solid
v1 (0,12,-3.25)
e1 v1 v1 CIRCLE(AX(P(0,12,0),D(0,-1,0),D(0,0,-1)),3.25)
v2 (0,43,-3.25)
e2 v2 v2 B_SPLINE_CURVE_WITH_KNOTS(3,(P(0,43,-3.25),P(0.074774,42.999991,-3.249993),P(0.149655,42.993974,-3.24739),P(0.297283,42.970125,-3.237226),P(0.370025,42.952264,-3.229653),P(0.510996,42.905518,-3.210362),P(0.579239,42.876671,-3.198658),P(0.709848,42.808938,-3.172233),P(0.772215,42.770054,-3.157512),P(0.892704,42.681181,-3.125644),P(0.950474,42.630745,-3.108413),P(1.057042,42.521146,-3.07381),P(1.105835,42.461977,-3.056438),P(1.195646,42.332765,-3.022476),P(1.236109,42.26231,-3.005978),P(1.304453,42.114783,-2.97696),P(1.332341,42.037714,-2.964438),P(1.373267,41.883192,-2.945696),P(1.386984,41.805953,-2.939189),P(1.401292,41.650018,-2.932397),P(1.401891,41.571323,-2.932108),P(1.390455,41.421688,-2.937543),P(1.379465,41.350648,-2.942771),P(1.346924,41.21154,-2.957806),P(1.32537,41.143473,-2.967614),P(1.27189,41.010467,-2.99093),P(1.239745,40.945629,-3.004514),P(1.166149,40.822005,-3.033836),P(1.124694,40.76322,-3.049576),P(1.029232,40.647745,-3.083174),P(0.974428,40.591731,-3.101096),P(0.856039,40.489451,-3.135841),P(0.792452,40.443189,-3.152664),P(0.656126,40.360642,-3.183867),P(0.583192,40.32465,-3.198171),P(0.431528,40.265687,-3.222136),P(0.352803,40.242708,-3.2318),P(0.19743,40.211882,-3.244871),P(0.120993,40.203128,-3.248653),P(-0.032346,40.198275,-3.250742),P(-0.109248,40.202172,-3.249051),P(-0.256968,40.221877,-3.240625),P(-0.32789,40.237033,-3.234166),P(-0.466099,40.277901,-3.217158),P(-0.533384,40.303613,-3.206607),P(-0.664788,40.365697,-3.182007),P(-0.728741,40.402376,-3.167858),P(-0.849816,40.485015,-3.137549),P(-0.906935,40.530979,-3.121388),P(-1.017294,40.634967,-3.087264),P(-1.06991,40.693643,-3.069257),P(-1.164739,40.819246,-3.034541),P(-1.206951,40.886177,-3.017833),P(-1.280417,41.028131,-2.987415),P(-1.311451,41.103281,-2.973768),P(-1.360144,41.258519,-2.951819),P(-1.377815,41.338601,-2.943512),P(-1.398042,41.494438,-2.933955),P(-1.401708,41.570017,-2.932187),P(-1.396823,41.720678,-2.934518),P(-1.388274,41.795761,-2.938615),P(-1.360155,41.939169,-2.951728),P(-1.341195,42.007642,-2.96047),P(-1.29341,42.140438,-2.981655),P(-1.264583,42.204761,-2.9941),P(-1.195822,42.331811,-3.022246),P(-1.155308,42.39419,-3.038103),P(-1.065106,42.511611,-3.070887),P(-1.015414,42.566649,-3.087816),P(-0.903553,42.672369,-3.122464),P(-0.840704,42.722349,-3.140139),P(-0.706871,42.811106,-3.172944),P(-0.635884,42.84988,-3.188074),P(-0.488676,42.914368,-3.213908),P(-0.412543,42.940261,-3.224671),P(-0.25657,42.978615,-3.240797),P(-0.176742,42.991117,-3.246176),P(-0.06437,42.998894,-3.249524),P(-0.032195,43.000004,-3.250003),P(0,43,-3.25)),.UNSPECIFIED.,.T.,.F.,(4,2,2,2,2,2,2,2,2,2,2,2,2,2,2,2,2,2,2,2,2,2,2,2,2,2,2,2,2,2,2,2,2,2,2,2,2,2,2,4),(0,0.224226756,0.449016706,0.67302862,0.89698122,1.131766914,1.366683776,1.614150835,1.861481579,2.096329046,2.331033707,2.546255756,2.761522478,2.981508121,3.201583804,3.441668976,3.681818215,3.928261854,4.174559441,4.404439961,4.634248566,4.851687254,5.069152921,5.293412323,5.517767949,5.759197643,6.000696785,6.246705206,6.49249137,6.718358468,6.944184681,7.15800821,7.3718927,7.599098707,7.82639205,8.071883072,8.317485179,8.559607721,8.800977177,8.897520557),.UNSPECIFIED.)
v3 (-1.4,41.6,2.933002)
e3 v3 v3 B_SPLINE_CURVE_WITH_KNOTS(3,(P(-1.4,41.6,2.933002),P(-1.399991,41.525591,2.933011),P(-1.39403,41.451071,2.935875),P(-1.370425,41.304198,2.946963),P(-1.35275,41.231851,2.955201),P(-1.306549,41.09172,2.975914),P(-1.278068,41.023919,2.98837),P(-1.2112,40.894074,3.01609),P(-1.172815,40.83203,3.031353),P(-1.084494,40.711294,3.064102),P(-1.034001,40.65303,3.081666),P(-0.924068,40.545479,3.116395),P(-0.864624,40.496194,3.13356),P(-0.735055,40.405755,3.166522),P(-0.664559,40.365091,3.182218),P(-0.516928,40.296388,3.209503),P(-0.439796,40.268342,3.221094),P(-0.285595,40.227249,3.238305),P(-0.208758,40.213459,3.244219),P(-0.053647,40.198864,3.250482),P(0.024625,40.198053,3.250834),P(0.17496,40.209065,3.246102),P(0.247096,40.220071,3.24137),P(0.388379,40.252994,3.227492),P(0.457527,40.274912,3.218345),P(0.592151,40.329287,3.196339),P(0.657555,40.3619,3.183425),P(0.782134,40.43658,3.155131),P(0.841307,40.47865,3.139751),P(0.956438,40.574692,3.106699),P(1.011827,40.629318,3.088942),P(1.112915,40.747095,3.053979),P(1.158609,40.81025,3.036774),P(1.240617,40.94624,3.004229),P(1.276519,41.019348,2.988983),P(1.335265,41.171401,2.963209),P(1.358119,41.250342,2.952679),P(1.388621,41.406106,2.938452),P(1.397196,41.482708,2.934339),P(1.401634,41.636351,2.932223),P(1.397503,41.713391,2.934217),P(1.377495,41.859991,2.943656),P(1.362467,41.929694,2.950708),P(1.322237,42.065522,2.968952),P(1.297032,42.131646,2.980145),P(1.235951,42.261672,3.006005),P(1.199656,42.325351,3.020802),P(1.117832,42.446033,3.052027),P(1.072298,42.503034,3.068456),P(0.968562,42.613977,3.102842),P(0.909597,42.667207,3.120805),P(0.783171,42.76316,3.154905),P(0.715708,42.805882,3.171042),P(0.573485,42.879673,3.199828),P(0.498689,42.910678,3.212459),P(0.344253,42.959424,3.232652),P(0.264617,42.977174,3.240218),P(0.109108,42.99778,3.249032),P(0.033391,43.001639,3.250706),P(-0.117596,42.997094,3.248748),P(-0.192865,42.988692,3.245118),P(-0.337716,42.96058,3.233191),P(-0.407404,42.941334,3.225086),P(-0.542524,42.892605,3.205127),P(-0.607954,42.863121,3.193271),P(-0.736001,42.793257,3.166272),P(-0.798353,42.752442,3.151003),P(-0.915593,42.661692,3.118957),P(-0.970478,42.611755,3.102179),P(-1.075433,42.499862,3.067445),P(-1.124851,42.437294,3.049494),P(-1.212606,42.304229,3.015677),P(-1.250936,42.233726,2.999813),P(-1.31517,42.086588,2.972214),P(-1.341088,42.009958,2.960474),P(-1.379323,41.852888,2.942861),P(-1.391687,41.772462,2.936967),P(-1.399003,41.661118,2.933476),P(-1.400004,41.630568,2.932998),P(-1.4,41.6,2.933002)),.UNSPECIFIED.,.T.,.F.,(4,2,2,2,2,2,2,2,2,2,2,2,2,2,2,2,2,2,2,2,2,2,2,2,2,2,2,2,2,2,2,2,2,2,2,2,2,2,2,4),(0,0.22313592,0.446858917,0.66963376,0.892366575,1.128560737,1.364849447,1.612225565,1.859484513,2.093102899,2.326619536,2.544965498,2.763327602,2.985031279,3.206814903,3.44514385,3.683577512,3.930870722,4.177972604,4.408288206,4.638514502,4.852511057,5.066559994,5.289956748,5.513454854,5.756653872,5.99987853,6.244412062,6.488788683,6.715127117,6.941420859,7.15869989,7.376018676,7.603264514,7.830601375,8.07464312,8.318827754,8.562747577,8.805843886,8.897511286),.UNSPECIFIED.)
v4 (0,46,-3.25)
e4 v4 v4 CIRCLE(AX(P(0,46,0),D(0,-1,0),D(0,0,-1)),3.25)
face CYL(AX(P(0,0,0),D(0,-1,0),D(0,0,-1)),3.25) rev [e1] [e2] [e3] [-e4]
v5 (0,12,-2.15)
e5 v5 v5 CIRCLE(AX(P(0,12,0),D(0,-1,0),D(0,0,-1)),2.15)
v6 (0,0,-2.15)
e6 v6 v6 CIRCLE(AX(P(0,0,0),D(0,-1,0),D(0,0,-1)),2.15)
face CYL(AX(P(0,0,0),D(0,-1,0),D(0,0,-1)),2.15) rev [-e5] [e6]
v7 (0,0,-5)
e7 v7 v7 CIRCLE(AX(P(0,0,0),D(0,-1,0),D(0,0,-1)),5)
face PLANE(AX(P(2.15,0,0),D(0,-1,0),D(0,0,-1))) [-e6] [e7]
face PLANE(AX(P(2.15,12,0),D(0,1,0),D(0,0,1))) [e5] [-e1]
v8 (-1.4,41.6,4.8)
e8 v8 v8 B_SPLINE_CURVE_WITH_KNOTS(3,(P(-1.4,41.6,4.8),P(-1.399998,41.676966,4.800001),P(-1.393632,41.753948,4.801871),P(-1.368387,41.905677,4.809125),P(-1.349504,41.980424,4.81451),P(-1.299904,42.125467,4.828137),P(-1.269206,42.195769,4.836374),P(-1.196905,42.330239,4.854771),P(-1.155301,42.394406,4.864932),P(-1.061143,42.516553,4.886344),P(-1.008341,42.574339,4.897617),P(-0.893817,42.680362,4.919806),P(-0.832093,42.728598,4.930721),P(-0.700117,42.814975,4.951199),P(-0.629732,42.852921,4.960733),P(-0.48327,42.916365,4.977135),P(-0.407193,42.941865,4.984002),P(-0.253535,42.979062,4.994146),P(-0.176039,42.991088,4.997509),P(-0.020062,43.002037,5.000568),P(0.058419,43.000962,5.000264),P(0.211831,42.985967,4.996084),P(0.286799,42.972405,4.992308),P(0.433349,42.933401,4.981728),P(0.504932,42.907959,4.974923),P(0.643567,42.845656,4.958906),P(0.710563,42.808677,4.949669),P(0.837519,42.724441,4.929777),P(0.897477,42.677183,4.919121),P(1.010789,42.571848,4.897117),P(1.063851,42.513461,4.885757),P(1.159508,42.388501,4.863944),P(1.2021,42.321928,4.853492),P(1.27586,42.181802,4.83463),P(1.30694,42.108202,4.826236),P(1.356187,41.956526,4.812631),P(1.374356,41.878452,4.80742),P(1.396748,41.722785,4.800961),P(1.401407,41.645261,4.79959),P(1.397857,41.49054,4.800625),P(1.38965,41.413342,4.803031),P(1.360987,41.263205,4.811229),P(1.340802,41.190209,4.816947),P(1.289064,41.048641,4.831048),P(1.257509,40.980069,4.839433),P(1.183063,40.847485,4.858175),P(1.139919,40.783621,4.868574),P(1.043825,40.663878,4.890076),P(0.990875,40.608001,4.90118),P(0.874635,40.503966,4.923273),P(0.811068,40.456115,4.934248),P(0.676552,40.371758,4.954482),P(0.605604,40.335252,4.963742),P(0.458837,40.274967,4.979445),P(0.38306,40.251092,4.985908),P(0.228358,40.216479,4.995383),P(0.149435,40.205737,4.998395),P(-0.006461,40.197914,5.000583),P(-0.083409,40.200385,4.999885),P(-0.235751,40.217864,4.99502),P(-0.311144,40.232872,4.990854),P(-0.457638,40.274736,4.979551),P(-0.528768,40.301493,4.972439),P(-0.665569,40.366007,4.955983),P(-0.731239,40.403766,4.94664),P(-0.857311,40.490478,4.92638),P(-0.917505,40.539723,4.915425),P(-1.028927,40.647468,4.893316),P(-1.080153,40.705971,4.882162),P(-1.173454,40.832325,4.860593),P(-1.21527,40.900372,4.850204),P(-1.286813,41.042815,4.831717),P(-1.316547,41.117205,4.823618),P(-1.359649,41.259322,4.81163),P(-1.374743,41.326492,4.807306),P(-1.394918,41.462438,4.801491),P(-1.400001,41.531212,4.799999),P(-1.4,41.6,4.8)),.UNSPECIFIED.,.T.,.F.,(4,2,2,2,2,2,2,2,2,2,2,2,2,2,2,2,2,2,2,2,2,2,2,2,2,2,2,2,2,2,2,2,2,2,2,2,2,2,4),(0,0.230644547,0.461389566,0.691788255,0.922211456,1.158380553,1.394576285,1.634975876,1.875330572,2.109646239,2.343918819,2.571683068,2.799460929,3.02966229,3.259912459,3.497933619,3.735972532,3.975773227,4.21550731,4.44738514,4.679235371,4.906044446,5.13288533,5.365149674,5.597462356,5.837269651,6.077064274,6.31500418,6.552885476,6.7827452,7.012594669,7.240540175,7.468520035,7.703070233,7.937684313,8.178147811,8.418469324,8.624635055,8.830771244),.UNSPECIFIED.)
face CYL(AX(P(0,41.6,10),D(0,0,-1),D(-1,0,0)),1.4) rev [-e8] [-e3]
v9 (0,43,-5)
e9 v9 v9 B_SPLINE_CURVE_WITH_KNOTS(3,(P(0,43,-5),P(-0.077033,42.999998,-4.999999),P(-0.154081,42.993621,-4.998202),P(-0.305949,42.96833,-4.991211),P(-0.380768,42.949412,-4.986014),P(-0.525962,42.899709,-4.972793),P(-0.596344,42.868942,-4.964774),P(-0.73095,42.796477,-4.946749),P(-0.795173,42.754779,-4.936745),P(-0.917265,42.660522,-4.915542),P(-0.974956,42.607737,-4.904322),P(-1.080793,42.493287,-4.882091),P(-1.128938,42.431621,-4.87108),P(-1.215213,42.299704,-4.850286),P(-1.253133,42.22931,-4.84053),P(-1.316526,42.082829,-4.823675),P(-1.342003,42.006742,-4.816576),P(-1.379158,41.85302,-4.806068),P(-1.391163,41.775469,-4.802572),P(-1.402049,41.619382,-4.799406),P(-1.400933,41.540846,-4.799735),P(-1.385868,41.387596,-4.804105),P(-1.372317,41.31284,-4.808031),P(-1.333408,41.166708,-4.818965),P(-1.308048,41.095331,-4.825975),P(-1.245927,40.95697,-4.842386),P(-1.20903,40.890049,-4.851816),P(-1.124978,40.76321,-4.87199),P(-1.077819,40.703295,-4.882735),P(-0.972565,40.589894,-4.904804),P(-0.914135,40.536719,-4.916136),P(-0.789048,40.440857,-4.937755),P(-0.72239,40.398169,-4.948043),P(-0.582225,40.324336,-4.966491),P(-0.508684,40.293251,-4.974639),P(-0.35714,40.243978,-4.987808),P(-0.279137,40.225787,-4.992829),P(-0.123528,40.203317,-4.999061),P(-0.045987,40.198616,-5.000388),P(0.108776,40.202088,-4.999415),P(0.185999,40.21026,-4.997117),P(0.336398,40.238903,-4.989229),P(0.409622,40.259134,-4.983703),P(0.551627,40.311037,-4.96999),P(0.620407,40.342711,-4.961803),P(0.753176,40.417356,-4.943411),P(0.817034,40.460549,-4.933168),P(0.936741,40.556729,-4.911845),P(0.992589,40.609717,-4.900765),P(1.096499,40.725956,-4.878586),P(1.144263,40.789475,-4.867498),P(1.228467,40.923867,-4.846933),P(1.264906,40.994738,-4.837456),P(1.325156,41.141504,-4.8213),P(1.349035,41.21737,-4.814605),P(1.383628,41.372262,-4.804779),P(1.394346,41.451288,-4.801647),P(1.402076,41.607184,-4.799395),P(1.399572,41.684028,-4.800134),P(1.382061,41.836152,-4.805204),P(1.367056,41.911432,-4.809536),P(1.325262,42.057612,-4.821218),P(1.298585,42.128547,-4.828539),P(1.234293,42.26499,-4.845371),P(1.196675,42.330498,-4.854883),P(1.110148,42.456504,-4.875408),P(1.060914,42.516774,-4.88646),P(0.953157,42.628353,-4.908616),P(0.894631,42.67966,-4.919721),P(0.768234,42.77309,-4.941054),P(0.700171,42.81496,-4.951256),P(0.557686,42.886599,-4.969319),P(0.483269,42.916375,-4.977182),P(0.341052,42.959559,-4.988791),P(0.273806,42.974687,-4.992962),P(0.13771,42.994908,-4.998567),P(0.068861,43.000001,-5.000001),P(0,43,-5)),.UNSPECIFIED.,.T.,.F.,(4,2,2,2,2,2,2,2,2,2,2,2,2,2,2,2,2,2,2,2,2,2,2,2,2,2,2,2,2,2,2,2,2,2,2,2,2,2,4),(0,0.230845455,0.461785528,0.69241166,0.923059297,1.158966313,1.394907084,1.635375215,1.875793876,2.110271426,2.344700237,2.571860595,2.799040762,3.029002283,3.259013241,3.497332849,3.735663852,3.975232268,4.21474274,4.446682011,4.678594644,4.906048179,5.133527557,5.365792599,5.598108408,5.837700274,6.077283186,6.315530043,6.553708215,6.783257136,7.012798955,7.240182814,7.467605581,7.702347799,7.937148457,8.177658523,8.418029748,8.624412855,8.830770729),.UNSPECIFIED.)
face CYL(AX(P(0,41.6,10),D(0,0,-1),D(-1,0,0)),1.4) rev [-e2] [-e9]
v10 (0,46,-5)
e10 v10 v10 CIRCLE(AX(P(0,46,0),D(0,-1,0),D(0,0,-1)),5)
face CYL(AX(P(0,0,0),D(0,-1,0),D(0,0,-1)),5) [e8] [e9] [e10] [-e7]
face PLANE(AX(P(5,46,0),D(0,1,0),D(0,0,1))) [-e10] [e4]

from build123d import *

# Parameters (mm, degrees)
CUT_EXTRUDE1_DEPTH      = 10
CUT_EXTRUDE1_DEPTH_BACK = 10
SKETCH2_R               = 1.4


with BuildPart() as part:
    # Sketch1 → Revolve1 (revolve)
    with BuildSketch(Plane.XY):
        Polygon((2.15, 0), (5, 0), (5, 46), (3.25, 46), (3.25, 12), (2.15, 12), align=None)
    revolve(axis=Axis((0, 0, 0), (0, 1, 0)))

    # Sketch2 → Cut-Extrude1 (cut, two sides: drawn at the far end of the back side and taken through both)
    with BuildSketch(Plane.XY.offset(-CUT_EXTRUDE1_DEPTH_BACK)):
        with Locations((0, 41.6)):
            Circle(SKETCH2_R)
    extrude(amount=CUT_EXTRUDE1_DEPTH + CUT_EXTRUDE1_DEPTH_BACK, mode=Mode.SUBTRACT)


solid = part.part
